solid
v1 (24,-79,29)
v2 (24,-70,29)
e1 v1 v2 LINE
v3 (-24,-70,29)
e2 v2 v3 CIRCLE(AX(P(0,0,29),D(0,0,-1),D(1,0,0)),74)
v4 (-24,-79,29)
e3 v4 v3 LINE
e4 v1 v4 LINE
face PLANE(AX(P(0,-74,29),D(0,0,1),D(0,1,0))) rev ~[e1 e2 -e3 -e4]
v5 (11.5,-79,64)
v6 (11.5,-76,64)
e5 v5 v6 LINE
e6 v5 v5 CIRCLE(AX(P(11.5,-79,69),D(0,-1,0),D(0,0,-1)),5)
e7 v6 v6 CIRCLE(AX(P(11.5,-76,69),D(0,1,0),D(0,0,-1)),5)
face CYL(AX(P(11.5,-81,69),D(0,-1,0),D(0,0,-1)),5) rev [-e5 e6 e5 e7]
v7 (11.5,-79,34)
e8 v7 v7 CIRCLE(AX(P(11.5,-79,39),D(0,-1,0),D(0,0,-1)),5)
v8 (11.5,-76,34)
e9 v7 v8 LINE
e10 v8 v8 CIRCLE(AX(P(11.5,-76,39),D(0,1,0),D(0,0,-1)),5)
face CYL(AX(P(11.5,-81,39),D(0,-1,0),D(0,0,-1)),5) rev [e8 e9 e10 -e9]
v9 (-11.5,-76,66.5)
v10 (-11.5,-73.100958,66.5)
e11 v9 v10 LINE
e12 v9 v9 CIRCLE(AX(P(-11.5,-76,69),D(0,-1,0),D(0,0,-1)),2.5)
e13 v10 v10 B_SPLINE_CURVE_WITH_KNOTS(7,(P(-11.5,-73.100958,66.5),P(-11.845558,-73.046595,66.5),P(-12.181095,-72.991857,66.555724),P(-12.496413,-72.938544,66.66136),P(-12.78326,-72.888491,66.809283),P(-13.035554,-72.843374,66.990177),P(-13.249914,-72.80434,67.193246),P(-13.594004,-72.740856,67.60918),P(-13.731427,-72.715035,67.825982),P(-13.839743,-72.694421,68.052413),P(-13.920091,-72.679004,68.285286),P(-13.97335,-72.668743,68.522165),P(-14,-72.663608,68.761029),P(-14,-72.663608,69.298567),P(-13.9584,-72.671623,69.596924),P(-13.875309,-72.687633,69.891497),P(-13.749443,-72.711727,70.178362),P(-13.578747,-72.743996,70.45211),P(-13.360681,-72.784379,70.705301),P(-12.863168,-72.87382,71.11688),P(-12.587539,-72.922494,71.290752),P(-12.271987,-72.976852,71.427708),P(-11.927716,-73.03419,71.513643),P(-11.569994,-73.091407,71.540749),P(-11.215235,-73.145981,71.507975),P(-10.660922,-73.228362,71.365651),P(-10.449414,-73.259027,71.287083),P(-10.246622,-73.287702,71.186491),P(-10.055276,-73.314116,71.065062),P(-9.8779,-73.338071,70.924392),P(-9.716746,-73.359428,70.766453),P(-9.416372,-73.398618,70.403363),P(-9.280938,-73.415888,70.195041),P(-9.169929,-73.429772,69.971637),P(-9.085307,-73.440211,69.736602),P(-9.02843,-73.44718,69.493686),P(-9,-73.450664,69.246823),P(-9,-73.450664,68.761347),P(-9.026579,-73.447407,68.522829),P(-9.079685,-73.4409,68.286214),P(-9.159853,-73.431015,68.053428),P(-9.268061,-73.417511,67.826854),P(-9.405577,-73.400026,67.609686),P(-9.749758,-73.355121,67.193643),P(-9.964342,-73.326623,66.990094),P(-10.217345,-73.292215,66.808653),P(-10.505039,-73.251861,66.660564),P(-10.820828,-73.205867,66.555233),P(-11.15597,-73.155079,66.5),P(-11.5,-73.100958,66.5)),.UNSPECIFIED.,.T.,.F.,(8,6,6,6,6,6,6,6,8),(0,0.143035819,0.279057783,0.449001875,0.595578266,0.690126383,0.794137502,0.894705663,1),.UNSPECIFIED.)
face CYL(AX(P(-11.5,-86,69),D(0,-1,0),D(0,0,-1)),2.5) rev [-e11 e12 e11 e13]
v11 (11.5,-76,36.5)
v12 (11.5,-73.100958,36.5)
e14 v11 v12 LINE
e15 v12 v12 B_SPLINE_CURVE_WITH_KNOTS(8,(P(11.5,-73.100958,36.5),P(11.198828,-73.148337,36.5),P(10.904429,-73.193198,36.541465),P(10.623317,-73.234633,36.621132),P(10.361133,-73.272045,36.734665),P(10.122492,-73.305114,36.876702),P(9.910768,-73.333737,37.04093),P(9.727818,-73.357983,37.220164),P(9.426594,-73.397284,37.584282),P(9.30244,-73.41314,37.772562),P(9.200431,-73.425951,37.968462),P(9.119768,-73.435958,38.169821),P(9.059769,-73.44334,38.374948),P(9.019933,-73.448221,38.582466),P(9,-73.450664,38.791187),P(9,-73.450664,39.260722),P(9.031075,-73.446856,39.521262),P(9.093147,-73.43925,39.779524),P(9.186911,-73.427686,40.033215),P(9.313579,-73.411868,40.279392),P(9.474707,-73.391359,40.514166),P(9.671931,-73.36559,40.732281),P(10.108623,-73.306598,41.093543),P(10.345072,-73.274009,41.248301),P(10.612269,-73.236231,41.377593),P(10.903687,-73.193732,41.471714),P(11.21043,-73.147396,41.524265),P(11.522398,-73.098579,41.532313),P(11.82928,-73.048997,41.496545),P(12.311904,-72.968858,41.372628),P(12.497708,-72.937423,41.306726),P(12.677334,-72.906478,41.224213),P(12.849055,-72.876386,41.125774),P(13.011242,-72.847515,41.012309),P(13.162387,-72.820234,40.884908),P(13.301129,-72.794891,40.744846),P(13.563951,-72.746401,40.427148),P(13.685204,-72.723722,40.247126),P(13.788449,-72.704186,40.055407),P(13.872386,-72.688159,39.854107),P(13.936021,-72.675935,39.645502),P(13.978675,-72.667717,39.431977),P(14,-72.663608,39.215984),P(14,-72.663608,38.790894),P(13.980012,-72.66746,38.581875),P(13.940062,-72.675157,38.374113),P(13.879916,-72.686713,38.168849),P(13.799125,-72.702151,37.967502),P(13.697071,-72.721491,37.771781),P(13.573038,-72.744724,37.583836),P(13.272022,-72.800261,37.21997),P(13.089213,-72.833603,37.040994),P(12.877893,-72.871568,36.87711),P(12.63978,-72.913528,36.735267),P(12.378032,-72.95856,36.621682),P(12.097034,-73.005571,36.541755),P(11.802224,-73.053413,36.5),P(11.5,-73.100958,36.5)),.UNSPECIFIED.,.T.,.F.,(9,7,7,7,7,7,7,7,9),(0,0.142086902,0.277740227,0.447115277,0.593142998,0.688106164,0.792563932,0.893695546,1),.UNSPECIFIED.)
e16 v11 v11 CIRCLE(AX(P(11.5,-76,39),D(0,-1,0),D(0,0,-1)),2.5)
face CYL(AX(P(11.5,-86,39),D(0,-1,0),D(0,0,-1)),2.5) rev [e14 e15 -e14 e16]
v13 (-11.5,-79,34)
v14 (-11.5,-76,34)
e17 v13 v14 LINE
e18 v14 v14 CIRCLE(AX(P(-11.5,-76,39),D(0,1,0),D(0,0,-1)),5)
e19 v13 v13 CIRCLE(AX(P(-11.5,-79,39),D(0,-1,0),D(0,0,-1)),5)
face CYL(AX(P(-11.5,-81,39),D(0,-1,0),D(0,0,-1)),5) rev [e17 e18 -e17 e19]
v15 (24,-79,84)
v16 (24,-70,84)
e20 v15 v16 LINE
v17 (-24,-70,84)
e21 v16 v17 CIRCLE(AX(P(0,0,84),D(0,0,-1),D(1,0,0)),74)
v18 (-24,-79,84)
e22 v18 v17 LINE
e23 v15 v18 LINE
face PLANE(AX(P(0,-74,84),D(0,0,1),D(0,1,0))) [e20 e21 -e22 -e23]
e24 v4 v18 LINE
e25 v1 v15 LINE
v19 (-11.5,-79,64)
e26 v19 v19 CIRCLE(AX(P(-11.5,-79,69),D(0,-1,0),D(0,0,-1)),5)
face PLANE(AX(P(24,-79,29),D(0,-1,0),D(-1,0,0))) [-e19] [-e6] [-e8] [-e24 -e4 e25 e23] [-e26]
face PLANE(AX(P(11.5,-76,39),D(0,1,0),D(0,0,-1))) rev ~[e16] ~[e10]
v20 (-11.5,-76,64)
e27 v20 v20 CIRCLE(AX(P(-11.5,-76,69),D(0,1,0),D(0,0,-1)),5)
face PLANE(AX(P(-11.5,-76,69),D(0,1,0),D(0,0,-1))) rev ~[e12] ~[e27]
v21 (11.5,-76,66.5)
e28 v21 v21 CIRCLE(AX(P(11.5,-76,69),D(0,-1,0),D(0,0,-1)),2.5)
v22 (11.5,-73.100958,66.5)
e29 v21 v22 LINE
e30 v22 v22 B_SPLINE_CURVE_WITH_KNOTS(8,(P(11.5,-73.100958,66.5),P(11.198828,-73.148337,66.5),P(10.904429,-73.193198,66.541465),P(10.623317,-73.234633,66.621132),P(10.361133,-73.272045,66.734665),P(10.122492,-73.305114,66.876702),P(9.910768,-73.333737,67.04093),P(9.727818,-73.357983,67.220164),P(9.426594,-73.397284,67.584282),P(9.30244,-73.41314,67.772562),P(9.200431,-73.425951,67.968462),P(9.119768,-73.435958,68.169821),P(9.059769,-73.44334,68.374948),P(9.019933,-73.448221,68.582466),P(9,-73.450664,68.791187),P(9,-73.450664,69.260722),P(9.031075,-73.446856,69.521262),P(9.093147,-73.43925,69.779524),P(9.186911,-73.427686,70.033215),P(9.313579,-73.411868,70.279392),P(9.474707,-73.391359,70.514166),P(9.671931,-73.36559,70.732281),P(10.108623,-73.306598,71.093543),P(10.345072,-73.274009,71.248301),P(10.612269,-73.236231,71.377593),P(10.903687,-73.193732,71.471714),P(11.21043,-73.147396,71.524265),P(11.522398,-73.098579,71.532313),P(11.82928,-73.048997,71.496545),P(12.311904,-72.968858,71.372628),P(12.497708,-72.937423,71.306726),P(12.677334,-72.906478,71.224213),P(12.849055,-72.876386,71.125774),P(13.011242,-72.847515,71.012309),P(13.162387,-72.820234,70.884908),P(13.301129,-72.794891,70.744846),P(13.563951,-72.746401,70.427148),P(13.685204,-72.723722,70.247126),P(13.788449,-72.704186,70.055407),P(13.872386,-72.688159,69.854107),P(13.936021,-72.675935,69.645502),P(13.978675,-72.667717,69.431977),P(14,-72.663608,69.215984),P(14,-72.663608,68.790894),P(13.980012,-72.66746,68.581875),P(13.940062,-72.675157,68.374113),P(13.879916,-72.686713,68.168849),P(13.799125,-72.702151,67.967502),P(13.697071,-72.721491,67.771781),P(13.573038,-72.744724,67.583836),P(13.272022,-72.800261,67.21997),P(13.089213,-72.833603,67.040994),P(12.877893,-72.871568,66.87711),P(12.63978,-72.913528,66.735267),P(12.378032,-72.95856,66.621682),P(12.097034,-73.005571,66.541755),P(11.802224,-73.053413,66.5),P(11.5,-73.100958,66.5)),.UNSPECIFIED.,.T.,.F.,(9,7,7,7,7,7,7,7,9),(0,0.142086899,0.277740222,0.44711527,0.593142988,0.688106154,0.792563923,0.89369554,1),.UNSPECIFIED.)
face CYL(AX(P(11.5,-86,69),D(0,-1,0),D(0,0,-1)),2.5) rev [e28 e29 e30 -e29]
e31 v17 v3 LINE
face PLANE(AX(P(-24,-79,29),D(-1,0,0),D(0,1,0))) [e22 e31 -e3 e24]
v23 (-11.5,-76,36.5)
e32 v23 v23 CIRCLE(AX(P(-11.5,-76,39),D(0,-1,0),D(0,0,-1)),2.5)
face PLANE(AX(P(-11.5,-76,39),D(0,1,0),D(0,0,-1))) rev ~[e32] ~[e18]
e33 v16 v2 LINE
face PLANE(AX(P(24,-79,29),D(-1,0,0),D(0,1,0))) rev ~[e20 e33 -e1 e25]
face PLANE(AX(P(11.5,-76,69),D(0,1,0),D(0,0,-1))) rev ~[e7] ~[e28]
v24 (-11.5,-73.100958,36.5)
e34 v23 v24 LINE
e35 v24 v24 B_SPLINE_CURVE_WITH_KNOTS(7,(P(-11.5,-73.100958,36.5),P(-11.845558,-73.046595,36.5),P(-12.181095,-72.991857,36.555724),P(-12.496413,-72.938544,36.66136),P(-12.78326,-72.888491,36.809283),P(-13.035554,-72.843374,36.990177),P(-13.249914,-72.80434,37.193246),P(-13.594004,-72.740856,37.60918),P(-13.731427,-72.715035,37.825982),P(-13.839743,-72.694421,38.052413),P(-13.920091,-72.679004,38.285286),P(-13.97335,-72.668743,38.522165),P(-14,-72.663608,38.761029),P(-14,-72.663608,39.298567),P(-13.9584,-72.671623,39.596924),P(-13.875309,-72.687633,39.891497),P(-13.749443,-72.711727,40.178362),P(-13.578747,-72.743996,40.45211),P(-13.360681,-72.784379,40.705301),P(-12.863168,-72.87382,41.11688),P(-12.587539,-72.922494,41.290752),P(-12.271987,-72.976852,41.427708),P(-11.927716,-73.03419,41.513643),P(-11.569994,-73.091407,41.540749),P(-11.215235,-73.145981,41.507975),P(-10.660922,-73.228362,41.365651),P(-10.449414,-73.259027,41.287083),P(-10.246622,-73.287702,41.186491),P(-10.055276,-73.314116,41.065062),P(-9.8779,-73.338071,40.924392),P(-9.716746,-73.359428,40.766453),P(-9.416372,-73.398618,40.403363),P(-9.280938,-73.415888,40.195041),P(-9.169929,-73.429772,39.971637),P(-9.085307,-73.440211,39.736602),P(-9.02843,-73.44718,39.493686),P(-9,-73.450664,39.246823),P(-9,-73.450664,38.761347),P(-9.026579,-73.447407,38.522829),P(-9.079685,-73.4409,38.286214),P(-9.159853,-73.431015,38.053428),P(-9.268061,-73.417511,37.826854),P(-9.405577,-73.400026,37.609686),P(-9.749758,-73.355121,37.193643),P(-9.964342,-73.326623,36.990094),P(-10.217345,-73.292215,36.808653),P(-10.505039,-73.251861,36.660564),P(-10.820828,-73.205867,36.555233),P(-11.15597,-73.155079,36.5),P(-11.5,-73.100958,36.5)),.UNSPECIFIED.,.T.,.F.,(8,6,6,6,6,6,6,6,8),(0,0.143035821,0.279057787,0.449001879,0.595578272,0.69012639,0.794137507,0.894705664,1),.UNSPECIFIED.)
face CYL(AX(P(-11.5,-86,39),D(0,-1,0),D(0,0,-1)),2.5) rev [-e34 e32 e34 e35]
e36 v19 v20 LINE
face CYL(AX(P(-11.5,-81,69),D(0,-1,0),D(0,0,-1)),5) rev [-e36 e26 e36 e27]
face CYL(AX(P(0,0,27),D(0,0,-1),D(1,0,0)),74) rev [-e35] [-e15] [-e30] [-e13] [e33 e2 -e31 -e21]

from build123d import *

# Parameters (mm, degrees)
CYLINDER1836_R              = 5
CYLINDER1836_DEPTH          = 5
CYLINDER1839_R              = 5
CYLINDER1839_DEPTH          = 5
COMPOUND945_PLACEMENT_ANGLE = 90
CYLINDER1837_R              = 5
CYLINDER1837_DEPTH          = 5
CYLINDER1838_R              = 5
CYLINDER1838_DEPTH          = 5
COMPOUND944_PLACEMENT_ANGLE = 90
CYLINDER1834_R              = 2.5
CYLINDER1834_DEPTH          = 40
CYLINDER1835_R              = 2.5
CYLINDER1835_DEPTH          = 40
COMPOUND934_PLACEMENT_ANGLE = 90
CYLINDER1832_R              = 2.5
CYLINDER1832_DEPTH          = 40
CYLINDER1833_R              = 2.5
CYLINDER1833_DEPTH          = 40
COMPOUND933_PLACEMENT_ANGLE = 90
CYLINDER970_R               = 74
CYLINDER970_DEPTH           = 64
BOX481_W                    = 10
BOX481_H                    = 48
BOX481_DEPTH                = 55


with BuildPart() as v_lec1836:
    # Cylinder1836 → Cylinder1836 (new body)
    with BuildSketch(Plane(origin=(-86, -10, 69), x_dir=(0, 0, -1), z_dir=(1, 0, 0))):
        Circle(CYLINDER1836_R)
    extrude(amount=CYLINDER1836_DEPTH)


with BuildPart() as compound945:
    # Cylinder1839 → Cylinder1839 (new body)
    with BuildSketch(Plane(origin=(-86, -10, 39), x_dir=(0, 0, -1), z_dir=(1, 0, 0))):
        Circle(CYLINDER1839_R)
    extrude(amount=CYLINDER1839_DEPTH)

    # Compound945: union Válec1836
    add(v_lec1836.part)


with BuildPart() as compound945_1:
    # Compound945 placement: moved
    add(compound945.part.moved(Location((-21.5, 0, 0))).rotate(Axis((-21.5, 0, 0), (0, 0, 1)), COMPOUND945_PLACEMENT_ANGLE))


with BuildPart() as v_lec1837:
    # Cylinder1837 → Cylinder1837 (new body)
    with BuildSketch(Plane(origin=(-86, -10, 69), x_dir=(0, 0, -1), z_dir=(1, 0, 0))):
        Circle(CYLINDER1837_R)
    extrude(amount=CYLINDER1837_DEPTH)


with BuildPart() as compound946:
    # Cylinder1838 → Cylinder1838 (new body)
    with BuildSketch(Plane(origin=(-86, -10, 39), x_dir=(0, 0, -1), z_dir=(1, 0, 0))):
        Circle(CYLINDER1838_R)
    extrude(amount=CYLINDER1838_DEPTH)

    # Compound944: union Válec1837
    add(v_lec1837.part)


with BuildPart() as compound946_1:
    # Compound944 placement: moved
    add(compound946.part.moved(Location((1.5, 0, 0))).rotate(Axis((1.5, 0, 0), (0, 0, 1)), COMPOUND944_PLACEMENT_ANGLE))

    # Compound946: union Compound945
    add(compound945_1.part)


with BuildPart() as compound946_2:
    # Compound946 placement: moved
    add(compound946_1.part.moved(Location((0, 5, 0))))


with BuildPart() as v_lec1834:
    # Cylinder1834 → Cylinder1834 (new body)
    with BuildSketch(Plane(origin=(-86, -10, 69), x_dir=(0, 0, -1), z_dir=(1, 0, 0))):
        Circle(CYLINDER1834_R)
    extrude(amount=CYLINDER1834_DEPTH)


with BuildPart() as compound934:
    # Cylinder1835 → Cylinder1835 (new body)
    with BuildSketch(Plane(origin=(-86, -10, 39), x_dir=(0, 0, -1), z_dir=(1, 0, 0))):
        Circle(CYLINDER1835_R)
    extrude(amount=CYLINDER1835_DEPTH)

    # Compound934: union Válec1834
    add(v_lec1834.part)


with BuildPart() as compound934_1:
    # Compound934 placement: moved
    add(compound934.part.moved(Location((-21.5, 0, 0))).rotate(Axis((-21.5, 0, 0), (0, 0, 1)), COMPOUND934_PLACEMENT_ANGLE))


with BuildPart() as v_lec1832:
    # Cylinder1832 → Cylinder1832 (new body)
    with BuildSketch(Plane(origin=(-86, -10, 69), x_dir=(0, 0, -1), z_dir=(1, 0, 0))):
        Circle(CYLINDER1832_R)
    extrude(amount=CYLINDER1832_DEPTH)


with BuildPart() as compound939:
    # Cylinder1833 → Cylinder1833 (new body)
    with BuildSketch(Plane(origin=(-86, -10, 39), x_dir=(0, 0, -1), z_dir=(1, 0, 0))):
        Circle(CYLINDER1833_R)
    extrude(amount=CYLINDER1833_DEPTH)

    # Compound933: union Válec1832
    add(v_lec1832.part)


with BuildPart() as compound939_1:
    # Compound933 placement: moved
    add(compound939.part.moved(Location((1.5, 0, 0))).rotate(Axis((1.5, 0, 0), (0, 0, 1)), COMPOUND933_PLACEMENT_ANGLE))

    # Compound939: union Compound934
    add(compound934_1.part)


with BuildPart() as v_lec970:
    # Cylinder970 → Cylinder970 (new body)
    with BuildSketch(Plane.XY.offset(27)):
        Circle(CYLINDER970_R)
    extrude(amount=CYLINDER970_DEPTH)


with BuildPart() as cut596:
    # Box481 → Box481 (new body)
    with BuildSketch(Plane(origin=(24, -79, 29), x_dir=(0, 1, 0), z_dir=(0, 0, 1))):
        with Locations((5, 24)):
            Rectangle(BOX481_W, BOX481_H)
    extrude(amount=BOX481_DEPTH)

    # Cut450: cut Válec970
    add(v_lec970.part, mode=Mode.SUBTRACT)

    # Cut595: cut Compound939
    add(compound939_1.part, mode=Mode.SUBTRACT)

    # Cut596: cut Compound946
    add(compound946_2.part, mode=Mode.SUBTRACT)


solid = cut596.part
